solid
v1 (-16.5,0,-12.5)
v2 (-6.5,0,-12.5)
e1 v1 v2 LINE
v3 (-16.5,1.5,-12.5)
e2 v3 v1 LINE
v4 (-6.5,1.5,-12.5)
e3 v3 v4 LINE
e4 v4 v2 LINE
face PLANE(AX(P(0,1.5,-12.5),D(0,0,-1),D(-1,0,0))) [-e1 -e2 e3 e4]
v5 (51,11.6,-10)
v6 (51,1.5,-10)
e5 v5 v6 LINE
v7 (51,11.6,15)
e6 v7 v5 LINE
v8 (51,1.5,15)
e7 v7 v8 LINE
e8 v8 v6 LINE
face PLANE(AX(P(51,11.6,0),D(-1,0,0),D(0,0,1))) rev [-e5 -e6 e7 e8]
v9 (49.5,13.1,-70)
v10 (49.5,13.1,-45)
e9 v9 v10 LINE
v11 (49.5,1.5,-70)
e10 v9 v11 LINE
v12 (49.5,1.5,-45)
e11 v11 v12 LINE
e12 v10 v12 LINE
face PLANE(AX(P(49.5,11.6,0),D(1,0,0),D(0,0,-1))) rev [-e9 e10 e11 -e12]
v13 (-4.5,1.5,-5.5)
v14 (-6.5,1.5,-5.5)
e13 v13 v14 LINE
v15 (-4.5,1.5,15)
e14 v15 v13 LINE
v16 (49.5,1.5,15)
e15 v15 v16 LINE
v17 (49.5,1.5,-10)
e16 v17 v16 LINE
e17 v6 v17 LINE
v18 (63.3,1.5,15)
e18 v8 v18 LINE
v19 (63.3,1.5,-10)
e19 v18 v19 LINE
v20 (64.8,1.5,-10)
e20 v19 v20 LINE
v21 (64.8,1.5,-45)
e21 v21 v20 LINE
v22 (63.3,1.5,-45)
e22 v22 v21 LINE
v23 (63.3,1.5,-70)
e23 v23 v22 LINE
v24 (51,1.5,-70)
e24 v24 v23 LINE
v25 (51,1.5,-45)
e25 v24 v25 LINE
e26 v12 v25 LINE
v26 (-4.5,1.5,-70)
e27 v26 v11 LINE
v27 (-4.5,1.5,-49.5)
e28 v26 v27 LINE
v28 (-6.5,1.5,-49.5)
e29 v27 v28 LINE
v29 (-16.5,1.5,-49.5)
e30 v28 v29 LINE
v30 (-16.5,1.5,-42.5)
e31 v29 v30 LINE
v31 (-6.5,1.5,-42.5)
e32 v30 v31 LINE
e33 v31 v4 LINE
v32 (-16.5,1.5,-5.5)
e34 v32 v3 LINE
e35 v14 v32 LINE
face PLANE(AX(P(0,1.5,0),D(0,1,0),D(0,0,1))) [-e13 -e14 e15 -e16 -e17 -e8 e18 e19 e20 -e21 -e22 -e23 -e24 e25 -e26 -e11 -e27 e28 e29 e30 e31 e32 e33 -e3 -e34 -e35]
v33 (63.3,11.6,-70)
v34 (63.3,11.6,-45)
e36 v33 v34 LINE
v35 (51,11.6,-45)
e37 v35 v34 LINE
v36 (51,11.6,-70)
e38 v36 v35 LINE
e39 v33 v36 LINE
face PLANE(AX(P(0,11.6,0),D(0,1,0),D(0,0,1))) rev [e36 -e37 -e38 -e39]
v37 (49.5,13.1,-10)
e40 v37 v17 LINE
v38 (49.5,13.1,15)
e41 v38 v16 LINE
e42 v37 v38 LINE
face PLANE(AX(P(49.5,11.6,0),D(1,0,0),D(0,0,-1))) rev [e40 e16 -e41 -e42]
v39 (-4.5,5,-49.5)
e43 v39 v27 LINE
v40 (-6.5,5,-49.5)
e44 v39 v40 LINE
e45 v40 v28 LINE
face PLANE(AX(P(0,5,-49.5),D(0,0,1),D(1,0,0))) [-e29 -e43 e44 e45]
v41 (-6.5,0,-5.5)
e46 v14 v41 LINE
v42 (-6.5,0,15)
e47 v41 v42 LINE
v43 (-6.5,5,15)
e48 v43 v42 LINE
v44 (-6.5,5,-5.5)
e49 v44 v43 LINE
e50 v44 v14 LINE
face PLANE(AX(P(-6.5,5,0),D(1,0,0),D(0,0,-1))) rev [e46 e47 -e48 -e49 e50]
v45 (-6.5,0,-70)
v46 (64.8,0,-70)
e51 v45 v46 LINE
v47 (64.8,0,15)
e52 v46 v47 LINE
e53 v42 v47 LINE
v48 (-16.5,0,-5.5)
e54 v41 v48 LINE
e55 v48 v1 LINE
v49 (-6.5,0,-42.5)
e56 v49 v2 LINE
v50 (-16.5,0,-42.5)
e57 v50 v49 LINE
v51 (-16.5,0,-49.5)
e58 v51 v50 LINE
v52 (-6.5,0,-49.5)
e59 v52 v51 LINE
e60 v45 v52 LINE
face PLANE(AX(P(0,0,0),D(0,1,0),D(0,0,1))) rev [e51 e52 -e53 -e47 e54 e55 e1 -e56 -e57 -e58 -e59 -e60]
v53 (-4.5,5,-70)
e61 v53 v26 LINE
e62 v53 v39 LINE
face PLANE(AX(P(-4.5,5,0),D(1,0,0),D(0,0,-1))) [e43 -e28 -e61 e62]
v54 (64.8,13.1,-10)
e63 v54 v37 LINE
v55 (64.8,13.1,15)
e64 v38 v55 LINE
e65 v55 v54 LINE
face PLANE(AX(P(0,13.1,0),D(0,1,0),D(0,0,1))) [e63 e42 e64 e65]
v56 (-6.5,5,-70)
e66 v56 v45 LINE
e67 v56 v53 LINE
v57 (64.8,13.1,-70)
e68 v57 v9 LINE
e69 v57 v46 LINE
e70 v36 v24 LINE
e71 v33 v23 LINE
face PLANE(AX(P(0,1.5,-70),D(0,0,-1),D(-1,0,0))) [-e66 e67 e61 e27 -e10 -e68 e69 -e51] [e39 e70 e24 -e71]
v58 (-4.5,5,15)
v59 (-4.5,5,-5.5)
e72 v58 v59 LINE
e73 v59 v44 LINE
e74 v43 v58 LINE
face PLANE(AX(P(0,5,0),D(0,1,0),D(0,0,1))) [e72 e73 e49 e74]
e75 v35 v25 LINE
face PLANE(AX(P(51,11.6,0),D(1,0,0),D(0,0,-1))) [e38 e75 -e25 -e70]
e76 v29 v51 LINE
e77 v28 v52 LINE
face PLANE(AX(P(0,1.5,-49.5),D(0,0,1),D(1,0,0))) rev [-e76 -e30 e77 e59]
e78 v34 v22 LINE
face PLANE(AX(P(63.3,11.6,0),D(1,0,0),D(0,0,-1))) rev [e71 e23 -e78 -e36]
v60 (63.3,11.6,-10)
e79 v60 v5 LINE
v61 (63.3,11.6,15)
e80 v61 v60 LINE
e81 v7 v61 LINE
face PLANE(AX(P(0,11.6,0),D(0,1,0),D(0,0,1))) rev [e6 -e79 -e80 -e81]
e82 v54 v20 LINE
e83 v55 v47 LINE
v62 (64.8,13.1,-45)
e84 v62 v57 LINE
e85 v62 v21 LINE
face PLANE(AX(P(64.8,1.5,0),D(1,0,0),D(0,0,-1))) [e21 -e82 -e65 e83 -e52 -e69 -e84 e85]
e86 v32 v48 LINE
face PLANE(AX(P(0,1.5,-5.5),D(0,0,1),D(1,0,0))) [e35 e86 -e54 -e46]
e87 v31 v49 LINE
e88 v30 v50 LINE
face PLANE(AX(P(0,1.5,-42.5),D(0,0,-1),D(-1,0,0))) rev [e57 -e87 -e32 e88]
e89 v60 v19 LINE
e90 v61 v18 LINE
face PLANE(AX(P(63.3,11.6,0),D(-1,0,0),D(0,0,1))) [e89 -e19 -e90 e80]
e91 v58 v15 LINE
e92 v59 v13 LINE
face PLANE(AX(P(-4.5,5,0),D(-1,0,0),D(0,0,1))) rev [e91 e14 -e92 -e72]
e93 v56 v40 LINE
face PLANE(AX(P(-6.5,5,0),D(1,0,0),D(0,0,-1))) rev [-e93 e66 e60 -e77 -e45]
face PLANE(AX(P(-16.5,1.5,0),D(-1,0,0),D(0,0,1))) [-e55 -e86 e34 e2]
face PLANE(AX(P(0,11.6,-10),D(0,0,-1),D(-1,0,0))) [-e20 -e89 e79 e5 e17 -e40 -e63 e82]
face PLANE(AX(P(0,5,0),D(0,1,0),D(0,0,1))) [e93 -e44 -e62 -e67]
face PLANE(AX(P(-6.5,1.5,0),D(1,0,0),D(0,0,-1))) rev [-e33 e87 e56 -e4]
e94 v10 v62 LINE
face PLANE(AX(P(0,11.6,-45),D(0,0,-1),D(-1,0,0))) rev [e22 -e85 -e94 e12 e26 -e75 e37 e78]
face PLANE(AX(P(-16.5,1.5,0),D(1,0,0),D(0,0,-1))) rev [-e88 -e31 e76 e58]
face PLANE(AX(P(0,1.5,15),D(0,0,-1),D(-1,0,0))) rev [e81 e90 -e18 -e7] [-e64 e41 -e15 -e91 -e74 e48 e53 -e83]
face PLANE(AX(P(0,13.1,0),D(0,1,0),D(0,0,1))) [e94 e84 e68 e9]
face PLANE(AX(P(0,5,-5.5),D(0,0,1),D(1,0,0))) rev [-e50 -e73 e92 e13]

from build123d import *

# Parameters (mm, degrees)
BOSS_EXTRUDE2_DEPTH  = 1.5
SKETCH1_4_W          = 10
SKETCH1_4_H          = 7
BOSS_EXTRUDE3_DEPTH  = 1.5
SKETCH1_14_W         = 2
SKETCH1_14_H         = 20.5
BOSS_EXTRUDE11_DEPTH = 5
SKETCH1_16_W         = 1.5
SKETCH1_16_H         = 25
BOSS_EXTRUDE12_DEPTH = 11.6
SKETCH2_W            = 15.3
SKETCH2_H            = 25
BOSS_EXTRUDE13_DEPTH = 1.5


with BuildPart() as part:
    # Sketch1 → Boss-Extrude2 (new body)
    with BuildSketch(Plane(origin=(0, 0, 0), x_dir=(1, 0, 0), z_dir=(0, 1, 0))):
        Polygon((49.5, 70), (-4.5, 70), (-4.5, 49.5), (-6.5, 49.5), (-6.5, 42.5), (-6.5, 12.5), (-6.5, 5.5), (-4.5, 5.5), (-4.5, -15), (21.3, -15), (32.3, -15), (47.433426619, -15), (49.5, -15), (49.5, 10), (51, 10), (51, -15), (52.3, -15), (53.8, -15), (59.19614989, -15), (63.3, -15), (63.3, 10), (64.8, 10), (64.8, 11.5), (64.8, 45), (63.3, 45), (63.3, 70), (60.5, 70), (51, 70), (51, 45), (49.5, 45), align=None)
    extrude(amount=BOSS_EXTRUDE2_DEPTH)

    # Sketch1<4> → Boss-Extrude3 (add)
    with BuildSketch(Plane(origin=(0, 0, 0), x_dir=(1, 0, 0), z_dir=(0, 1, 0))):
        with Locations((-11.5, 46)):
            Rectangle(SKETCH1_4_W, SKETCH1_4_H)
        with Locations((-11.5, 9)):
            Rectangle(SKETCH1_4_W, SKETCH1_4_H)
    extrude(amount=BOSS_EXTRUDE3_DEPTH)

    # Sketch1<14> → Boss-Extrude11 (add)
    with BuildSketch(Plane(origin=(0, 0, 0), x_dir=(1, 0, 0), z_dir=(0, 1, 0))):
        with Locations((-5.5, 59.75)):
            Rectangle(SKETCH1_14_W, SKETCH1_14_H)
        with Locations((-5.5, -4.75)):
            Rectangle(SKETCH1_14_W, SKETCH1_14_H)
    extrude(amount=BOSS_EXTRUDE11_DEPTH)

    # Sketch1<16> → Boss-Extrude12 (add)
    with BuildSketch(Plane(origin=(0, 0, 0), x_dir=(1, 0, 0), z_dir=(0, 1, 0))):
        with Locations((50.25, -2.5)):
            Rectangle(SKETCH1_16_W, SKETCH1_16_H)
        with Locations((64.05, -2.5)):
            Rectangle(SKETCH1_16_W, SKETCH1_16_H)
        with Locations((64.05, 57.5)):
            Rectangle(SKETCH1_16_W, SKETCH1_16_H)
        with Locations((50.25, 57.5)):
            Rectangle(SKETCH1_16_W, SKETCH1_16_H)
    extrude(amount=BOSS_EXTRUDE12_DEPTH)

    # Sketch2 → Boss-Extrude13 (add)
    with BuildSketch(Plane(origin=(0, 11.6, 0), x_dir=(1, 0, 0), z_dir=(0, 1, 0))):
        with Locations((57.15, 57.5)):
            Rectangle(SKETCH2_W, SKETCH2_H)
        with Locations((57.15, -2.5)):
            Rectangle(SKETCH2_W, SKETCH2_H)
    extrude(amount=BOSS_EXTRUDE13_DEPTH)


solid = part.part
